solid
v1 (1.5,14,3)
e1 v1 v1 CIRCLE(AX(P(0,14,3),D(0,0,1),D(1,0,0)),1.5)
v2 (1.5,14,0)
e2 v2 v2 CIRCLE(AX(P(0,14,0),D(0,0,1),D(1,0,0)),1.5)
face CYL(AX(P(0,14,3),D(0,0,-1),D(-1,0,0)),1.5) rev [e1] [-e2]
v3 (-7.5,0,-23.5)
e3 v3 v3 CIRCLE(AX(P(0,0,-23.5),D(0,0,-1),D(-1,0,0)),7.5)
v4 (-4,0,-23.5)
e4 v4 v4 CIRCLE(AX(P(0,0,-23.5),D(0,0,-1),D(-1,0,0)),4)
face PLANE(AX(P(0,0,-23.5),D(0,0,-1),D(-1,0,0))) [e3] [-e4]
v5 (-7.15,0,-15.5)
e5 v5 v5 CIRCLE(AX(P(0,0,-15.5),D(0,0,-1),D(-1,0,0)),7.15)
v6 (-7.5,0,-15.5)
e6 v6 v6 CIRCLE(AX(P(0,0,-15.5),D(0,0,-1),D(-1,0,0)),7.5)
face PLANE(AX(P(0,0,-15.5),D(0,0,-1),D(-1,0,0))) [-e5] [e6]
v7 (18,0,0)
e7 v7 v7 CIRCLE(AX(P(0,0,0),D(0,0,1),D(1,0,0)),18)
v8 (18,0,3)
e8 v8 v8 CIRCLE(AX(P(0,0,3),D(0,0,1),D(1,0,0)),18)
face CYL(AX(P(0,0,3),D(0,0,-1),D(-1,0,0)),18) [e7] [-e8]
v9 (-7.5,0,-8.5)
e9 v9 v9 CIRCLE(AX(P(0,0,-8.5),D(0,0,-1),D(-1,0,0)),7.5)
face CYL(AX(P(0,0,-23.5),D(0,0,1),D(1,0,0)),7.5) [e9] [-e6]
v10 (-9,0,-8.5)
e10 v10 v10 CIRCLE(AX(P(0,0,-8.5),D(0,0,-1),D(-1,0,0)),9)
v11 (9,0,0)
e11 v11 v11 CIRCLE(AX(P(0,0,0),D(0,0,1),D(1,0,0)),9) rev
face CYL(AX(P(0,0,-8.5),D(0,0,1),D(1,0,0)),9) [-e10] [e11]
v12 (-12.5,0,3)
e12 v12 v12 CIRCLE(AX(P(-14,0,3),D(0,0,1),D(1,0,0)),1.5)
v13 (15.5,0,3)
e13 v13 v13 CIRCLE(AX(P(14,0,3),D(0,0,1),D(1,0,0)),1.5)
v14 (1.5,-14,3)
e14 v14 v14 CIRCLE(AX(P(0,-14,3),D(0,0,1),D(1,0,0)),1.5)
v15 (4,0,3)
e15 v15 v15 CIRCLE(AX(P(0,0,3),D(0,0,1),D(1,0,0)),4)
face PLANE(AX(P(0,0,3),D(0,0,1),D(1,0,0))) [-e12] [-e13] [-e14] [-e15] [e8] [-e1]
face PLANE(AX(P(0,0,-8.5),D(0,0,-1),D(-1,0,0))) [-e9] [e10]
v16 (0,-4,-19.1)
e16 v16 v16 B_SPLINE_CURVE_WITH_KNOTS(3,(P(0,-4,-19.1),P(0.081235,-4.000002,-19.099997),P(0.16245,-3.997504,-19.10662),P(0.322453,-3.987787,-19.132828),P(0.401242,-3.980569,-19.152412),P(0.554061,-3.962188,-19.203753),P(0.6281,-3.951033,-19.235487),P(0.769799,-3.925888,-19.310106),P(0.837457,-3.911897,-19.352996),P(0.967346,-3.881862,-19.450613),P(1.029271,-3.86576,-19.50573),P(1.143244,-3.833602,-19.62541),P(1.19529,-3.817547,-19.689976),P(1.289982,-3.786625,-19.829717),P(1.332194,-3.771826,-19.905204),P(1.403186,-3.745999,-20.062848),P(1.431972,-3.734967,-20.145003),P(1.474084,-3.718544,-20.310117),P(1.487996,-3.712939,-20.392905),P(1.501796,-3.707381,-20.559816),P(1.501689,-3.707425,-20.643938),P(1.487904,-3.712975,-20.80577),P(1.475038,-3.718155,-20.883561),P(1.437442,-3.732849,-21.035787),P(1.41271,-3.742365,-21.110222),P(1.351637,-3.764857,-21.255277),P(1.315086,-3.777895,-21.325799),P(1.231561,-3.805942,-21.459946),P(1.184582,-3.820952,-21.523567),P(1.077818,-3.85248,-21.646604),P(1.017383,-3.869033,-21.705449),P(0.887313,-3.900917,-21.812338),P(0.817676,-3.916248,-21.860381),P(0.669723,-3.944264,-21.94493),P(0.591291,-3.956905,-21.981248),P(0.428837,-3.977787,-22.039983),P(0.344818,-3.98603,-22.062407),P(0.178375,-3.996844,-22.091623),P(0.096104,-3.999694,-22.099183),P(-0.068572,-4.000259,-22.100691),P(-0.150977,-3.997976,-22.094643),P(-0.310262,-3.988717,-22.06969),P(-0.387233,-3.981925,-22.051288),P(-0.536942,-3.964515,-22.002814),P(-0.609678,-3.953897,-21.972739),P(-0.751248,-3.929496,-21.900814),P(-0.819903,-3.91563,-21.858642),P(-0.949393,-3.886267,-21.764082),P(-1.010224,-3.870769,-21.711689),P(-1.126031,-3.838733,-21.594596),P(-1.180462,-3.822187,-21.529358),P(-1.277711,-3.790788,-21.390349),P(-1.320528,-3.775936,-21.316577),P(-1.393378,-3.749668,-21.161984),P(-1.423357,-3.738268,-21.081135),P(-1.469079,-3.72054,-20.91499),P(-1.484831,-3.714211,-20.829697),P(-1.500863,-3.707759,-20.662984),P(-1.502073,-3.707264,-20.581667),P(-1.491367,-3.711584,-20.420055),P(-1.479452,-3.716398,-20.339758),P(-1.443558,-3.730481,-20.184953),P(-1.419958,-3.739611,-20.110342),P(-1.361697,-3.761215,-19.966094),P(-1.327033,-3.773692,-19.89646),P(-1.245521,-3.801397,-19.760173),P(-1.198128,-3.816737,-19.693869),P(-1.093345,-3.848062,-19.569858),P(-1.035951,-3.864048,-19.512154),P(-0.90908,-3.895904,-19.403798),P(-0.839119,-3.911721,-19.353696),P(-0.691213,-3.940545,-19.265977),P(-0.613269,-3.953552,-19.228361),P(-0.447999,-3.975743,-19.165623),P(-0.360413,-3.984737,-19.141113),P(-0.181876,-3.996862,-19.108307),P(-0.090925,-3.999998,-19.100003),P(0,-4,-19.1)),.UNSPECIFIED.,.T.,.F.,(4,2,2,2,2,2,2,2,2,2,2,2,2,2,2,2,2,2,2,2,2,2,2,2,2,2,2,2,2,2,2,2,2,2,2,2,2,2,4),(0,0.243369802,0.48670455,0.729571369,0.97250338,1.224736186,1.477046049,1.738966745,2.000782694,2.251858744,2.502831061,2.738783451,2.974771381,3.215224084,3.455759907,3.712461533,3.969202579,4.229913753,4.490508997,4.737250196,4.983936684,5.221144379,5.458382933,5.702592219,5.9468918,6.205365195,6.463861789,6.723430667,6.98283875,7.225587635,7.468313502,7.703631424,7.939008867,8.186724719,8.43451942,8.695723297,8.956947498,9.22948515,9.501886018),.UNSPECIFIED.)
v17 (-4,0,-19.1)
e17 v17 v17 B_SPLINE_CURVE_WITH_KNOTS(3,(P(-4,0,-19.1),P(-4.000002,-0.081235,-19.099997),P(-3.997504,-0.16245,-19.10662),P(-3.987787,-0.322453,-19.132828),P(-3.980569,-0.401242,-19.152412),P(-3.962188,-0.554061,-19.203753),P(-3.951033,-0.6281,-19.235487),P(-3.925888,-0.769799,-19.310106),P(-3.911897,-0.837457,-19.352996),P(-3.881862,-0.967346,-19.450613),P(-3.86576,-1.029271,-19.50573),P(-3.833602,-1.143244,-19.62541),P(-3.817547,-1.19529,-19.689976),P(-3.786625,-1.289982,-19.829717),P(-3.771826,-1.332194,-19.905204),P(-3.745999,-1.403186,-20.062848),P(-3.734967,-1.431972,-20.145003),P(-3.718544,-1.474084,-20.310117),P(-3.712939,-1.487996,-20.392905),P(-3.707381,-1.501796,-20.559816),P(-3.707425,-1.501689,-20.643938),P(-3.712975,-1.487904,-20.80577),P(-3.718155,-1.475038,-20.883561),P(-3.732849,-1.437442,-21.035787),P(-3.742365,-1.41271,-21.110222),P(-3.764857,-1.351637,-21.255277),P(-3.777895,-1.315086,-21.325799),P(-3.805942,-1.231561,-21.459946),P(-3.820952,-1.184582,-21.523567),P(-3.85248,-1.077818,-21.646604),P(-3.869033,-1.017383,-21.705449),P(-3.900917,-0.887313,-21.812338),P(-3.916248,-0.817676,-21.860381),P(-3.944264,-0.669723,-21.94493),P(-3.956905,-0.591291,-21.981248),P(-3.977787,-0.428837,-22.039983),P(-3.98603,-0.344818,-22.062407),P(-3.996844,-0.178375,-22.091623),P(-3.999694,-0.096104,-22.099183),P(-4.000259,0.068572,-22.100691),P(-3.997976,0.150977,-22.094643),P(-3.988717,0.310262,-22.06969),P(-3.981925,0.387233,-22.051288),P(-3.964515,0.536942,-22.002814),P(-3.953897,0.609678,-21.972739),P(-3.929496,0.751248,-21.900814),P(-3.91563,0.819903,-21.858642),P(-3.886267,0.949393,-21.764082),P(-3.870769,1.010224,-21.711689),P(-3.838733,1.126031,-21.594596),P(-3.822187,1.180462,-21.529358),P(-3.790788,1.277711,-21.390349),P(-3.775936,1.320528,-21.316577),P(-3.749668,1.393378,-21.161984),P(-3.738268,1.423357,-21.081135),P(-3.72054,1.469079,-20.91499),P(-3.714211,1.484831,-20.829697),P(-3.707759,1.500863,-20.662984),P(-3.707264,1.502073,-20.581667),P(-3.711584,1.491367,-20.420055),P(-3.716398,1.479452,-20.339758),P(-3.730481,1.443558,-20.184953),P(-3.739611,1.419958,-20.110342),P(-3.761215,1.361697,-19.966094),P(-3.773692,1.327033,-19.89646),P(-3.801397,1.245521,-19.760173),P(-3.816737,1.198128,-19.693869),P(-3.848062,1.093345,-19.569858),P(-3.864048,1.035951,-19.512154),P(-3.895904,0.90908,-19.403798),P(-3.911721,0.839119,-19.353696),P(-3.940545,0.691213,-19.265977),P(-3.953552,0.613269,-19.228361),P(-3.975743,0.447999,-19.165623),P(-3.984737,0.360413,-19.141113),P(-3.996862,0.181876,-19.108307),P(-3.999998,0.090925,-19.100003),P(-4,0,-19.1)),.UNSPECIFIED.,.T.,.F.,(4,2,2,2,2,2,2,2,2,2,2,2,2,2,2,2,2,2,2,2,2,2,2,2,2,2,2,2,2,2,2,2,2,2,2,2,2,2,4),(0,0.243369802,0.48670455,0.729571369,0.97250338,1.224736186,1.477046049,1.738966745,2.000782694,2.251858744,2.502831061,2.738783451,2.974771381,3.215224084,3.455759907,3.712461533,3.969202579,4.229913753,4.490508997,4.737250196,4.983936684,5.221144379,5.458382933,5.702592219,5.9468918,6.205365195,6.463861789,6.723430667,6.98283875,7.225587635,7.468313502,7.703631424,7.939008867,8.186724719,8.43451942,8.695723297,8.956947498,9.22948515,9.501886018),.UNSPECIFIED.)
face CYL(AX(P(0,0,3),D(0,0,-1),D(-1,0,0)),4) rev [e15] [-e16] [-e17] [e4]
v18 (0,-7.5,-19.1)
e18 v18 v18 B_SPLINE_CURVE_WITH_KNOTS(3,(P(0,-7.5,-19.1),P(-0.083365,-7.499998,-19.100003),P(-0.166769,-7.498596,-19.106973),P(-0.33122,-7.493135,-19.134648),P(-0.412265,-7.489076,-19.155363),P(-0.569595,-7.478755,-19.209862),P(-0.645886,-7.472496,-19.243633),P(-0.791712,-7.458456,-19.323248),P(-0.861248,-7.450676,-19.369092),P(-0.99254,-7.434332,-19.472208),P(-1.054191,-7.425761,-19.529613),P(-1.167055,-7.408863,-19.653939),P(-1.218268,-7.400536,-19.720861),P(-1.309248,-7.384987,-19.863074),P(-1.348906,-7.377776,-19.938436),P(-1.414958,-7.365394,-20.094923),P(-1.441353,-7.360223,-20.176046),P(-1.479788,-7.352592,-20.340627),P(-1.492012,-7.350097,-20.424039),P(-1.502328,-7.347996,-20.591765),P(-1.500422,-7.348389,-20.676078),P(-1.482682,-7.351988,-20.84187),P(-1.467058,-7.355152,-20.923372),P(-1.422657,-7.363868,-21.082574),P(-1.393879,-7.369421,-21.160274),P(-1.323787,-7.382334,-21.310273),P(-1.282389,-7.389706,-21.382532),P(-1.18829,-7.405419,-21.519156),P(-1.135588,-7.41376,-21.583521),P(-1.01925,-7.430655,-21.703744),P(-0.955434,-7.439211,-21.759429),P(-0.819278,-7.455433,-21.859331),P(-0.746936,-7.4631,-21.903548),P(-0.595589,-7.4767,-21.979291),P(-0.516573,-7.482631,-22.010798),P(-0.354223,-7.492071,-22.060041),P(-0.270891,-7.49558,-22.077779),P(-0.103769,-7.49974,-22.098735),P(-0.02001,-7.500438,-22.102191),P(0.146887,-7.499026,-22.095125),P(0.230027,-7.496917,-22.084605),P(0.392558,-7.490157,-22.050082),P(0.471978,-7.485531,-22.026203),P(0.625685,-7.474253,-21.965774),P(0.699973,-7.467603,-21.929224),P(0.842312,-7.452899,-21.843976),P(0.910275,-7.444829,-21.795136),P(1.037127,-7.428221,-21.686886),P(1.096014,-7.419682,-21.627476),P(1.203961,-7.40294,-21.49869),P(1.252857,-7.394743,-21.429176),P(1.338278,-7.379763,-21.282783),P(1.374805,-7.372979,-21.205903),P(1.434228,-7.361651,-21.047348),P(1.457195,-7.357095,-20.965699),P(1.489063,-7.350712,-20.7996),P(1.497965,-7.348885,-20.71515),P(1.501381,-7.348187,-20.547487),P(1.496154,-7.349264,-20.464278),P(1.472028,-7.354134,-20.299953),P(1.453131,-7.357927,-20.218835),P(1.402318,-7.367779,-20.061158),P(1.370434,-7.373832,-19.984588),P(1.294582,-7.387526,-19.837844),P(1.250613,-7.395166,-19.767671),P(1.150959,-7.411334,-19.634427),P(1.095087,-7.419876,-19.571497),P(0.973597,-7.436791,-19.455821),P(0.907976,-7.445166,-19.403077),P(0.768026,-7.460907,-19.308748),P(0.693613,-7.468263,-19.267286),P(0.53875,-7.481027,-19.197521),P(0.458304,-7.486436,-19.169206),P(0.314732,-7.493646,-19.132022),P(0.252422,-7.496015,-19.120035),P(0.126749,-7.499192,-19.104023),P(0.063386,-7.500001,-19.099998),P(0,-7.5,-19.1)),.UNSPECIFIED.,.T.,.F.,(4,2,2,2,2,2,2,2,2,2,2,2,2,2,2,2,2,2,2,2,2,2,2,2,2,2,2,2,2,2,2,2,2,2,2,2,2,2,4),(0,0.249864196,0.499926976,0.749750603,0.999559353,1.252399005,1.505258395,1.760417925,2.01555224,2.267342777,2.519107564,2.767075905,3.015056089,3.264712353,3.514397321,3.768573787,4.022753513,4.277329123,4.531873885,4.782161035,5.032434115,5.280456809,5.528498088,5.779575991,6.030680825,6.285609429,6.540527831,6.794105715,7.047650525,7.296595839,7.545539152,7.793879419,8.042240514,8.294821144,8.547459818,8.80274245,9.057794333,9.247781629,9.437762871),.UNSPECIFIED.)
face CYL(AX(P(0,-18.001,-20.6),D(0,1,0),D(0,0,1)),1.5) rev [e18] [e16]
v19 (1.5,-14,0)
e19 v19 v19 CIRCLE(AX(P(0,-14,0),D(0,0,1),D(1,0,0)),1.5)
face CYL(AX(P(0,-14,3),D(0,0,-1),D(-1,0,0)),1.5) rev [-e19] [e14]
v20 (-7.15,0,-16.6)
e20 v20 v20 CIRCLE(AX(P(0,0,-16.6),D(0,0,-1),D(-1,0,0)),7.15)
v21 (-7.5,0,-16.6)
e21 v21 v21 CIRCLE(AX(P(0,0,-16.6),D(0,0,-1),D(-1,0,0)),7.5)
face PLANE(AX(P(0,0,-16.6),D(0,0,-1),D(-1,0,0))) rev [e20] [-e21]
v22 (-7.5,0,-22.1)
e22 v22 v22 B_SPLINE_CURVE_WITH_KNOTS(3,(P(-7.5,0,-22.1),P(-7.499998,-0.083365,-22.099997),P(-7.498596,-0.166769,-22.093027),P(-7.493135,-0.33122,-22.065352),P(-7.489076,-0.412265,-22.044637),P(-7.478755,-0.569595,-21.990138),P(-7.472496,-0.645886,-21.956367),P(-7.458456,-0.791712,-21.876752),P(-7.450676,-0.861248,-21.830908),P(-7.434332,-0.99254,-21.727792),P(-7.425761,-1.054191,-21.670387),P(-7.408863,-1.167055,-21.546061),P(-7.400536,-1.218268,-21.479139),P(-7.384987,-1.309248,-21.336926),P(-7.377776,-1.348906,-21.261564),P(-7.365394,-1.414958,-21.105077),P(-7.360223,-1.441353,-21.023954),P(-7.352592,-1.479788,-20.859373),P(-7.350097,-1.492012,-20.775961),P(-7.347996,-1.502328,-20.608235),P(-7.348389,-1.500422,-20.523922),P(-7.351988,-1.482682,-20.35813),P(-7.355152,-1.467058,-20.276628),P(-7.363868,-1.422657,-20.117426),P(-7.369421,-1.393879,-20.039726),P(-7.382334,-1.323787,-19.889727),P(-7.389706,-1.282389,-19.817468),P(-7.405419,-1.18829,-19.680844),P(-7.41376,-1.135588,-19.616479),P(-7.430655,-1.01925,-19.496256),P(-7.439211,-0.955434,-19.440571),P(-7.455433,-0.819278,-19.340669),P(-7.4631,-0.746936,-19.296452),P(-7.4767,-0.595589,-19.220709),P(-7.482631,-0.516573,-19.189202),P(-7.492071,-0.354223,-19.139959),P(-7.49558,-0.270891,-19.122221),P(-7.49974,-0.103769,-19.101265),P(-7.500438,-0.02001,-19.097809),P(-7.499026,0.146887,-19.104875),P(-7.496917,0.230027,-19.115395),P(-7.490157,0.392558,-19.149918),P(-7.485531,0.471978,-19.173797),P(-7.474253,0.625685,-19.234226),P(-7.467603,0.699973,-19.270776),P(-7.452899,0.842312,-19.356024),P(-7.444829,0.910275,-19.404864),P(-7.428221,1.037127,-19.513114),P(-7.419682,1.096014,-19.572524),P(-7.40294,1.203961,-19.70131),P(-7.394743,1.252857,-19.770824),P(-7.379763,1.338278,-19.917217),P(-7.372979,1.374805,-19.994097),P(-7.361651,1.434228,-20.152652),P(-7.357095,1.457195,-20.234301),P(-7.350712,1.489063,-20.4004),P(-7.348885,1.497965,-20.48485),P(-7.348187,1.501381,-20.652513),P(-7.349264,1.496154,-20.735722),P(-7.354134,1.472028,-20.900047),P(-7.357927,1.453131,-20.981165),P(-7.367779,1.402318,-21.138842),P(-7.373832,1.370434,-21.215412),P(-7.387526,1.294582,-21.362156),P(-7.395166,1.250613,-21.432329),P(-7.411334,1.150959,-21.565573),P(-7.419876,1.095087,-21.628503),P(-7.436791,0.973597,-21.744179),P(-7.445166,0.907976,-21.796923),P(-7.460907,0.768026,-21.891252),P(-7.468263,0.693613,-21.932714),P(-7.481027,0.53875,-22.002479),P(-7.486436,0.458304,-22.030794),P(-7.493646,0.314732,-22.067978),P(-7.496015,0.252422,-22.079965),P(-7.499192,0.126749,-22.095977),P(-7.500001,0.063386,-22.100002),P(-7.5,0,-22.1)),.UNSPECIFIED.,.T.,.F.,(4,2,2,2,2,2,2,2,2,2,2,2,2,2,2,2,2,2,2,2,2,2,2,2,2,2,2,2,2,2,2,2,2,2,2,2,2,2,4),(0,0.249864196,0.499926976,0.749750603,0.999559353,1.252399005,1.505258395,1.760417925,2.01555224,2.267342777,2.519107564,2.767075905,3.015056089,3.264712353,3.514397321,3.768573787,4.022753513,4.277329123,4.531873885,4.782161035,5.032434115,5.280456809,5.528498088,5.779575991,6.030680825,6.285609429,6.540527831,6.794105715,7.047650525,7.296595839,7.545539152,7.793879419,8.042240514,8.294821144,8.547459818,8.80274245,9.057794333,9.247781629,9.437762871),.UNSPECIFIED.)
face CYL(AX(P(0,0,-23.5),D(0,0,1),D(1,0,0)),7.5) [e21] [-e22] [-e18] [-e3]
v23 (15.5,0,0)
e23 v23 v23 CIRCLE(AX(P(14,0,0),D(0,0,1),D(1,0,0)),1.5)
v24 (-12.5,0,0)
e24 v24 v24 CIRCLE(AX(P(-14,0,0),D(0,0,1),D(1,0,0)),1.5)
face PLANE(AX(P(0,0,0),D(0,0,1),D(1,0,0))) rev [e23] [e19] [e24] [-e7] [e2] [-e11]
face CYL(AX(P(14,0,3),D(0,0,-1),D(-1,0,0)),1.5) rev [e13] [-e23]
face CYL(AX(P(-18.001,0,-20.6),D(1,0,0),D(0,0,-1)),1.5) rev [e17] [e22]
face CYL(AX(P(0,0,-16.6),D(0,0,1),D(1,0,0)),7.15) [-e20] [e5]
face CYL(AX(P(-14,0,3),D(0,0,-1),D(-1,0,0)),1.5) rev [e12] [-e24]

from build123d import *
from build123d.topology import SkipClean

# Parameters (mm, degrees)
SKETCH_1_R               = 18
SKETCH_1_R_2             = 1.5
SKETCH_1_R_3             = 4
EXTRUDE_1_DEPTH          = 3
EXTRUDE_START            = 8.5
SKETCH_2_R               = 9
SKETCH_2_R_2             = 4
EXTRUDE_2_DEPTH          = 8.5
EXTRUDE_START_2          = 15
SKETCH_3_R               = 7.5
SKETCH_3_R_2             = 4
EXTRUDE_3_DEPTH          = 15
CUT_EXTRUDE_START        = 1.1
SKETCH_4_R               = 7.5
SKETCH_4_R_2             = 7.15
CUT_EXTRUDE_2_DEPTH      = 1.1
CUT_EXTRUDE_3_REACH      = 36.645
CUT_EXTRUDE_3_END_RADIUS = 7.5
SKETCH_5_R               = 1.5
CUT_EXTRUDE_4_REACH      = 36.645
CUT_EXTRUDE_4_END_RADIUS = 7.5
SKETCH_7_R               = 1.5


with BuildPart() as part:
    # 草图1 → 凸台-拉伸1 (new body)
    with BuildSketch(Plane.XY):
        Circle(SKETCH_1_R)
        with Locations((0, 14)):
            Circle(SKETCH_1_R_2, mode=Mode.SUBTRACT)
        with Locations((14, 0)):
            Circle(SKETCH_1_R_2, mode=Mode.SUBTRACT)
        with Locations((0, -14)):
            Circle(SKETCH_1_R_2, mode=Mode.SUBTRACT)
        with Locations((-14, 0)):
            Circle(SKETCH_1_R_2, mode=Mode.SUBTRACT)
        Circle(SKETCH_1_R_3, mode=Mode.SUBTRACT)
    extrude(amount=EXTRUDE_1_DEPTH)

    # 草图2 → 凸台-拉伸2 (add)
    with SkipClean():  # the faces are left unmerged after this step: merging them gives an invalid solid
        with BuildSketch(Plane(origin=(0, 0, 0), x_dir=(-1, 0, 0), z_dir=(0, 0, -1)).offset(EXTRUDE_START)):
            with Locations(Location((0, 0, 0), (0, 0, 180))):
                Circle(SKETCH_2_R)
            Circle(SKETCH_2_R_2, mode=Mode.SUBTRACT)
        extrude(amount=-EXTRUDE_2_DEPTH)

    # 草图3 → 凸台-拉伸3 (add)
    with SkipClean():  # the faces are left unmerged after this step: merging them gives an invalid solid
        with BuildSketch(Plane(origin=(0, 0, -8.5), x_dir=(-1, 0, 0), z_dir=(0, 0, -1)).offset(EXTRUDE_START_2)):
            Circle(SKETCH_3_R)
            Circle(SKETCH_3_R_2, mode=Mode.SUBTRACT)
        extrude(amount=-EXTRUDE_3_DEPTH)

    # 草图4 → 切除-拉伸2 (cut)
    with SkipClean():  # the faces are left unmerged after this step: merging them gives an invalid solid
        with BuildSketch(Plane(origin=(0, 0, -15.5), x_dir=(-1, 0, 0), z_dir=(0, 0, -1)).offset(CUT_EXTRUDE_START)):
            Circle(SKETCH_4_R)
            Circle(SKETCH_4_R_2, mode=Mode.SUBTRACT)
        extrude(amount=-CUT_EXTRUDE_2_DEPTH, mode=Mode.SUBTRACT)

    # 切除-拉伸3: up to this cylinder (the profile starts inside it)
    with SkipClean():  # the faces are left unmerged after this step: merging them gives an invalid solid
        cut_extrude_3_end = Plane(origin=(0, 0, -20.6), z_dir=(0, 0, 1)) * Cylinder(CUT_EXTRUDE_3_END_RADIUS, 89.29, mode=Mode.PRIVATE)
        # 草图5 → 切除-拉伸3 (cut, up to the surface)
        with BuildSketch(Plane(origin=(0, 0, 0), x_dir=(1, 0, 0), z_dir=(0, 1, 0)), mode=Mode.PRIVATE) as cut_extrude_3_sk1:
            with Locations(Location((0, 20.6, 0), (0, 0, 270))):
                Circle(SKETCH_5_R)
        cut_extrude_3_tool1 = extrude(cut_extrude_3_sk1.sketch, amount=-CUT_EXTRUDE_3_REACH, mode=Mode.PRIVATE) & cut_extrude_3_end
        add(cut_extrude_3_tool1.solids().sort_by_distance((0, 0, -20.6))[0], mode=Mode.SUBTRACT)

    # 切除-拉伸4: up to this cylinder (the profile starts inside it)
    with SkipClean():  # the faces are left unmerged after this step: merging them gives an invalid solid
        cut_extrude_4_end = Plane(origin=(0, 0, -20.6), z_dir=(0, 0, 1)) * Cylinder(CUT_EXTRUDE_4_END_RADIUS, 89.29, mode=Mode.PRIVATE)
        # 草图7 → 切除-拉伸4 (cut, up to the surface)
        with BuildSketch(Plane(origin=(0, 0, 0), x_dir=(0, 0, -1), z_dir=(1, 0, 0)), mode=Mode.PRIVATE) as cut_extrude_4_sk1:
            with Locations((20.6, 0)):
                Circle(SKETCH_7_R)
        cut_extrude_4_tool1 = extrude(cut_extrude_4_sk1.sketch, amount=-CUT_EXTRUDE_4_REACH, mode=Mode.PRIVATE) & cut_extrude_4_end
        add(cut_extrude_4_tool1.solids().sort_by_distance((0, 0, -20.6))[0], mode=Mode.SUBTRACT)


solid = part.part
